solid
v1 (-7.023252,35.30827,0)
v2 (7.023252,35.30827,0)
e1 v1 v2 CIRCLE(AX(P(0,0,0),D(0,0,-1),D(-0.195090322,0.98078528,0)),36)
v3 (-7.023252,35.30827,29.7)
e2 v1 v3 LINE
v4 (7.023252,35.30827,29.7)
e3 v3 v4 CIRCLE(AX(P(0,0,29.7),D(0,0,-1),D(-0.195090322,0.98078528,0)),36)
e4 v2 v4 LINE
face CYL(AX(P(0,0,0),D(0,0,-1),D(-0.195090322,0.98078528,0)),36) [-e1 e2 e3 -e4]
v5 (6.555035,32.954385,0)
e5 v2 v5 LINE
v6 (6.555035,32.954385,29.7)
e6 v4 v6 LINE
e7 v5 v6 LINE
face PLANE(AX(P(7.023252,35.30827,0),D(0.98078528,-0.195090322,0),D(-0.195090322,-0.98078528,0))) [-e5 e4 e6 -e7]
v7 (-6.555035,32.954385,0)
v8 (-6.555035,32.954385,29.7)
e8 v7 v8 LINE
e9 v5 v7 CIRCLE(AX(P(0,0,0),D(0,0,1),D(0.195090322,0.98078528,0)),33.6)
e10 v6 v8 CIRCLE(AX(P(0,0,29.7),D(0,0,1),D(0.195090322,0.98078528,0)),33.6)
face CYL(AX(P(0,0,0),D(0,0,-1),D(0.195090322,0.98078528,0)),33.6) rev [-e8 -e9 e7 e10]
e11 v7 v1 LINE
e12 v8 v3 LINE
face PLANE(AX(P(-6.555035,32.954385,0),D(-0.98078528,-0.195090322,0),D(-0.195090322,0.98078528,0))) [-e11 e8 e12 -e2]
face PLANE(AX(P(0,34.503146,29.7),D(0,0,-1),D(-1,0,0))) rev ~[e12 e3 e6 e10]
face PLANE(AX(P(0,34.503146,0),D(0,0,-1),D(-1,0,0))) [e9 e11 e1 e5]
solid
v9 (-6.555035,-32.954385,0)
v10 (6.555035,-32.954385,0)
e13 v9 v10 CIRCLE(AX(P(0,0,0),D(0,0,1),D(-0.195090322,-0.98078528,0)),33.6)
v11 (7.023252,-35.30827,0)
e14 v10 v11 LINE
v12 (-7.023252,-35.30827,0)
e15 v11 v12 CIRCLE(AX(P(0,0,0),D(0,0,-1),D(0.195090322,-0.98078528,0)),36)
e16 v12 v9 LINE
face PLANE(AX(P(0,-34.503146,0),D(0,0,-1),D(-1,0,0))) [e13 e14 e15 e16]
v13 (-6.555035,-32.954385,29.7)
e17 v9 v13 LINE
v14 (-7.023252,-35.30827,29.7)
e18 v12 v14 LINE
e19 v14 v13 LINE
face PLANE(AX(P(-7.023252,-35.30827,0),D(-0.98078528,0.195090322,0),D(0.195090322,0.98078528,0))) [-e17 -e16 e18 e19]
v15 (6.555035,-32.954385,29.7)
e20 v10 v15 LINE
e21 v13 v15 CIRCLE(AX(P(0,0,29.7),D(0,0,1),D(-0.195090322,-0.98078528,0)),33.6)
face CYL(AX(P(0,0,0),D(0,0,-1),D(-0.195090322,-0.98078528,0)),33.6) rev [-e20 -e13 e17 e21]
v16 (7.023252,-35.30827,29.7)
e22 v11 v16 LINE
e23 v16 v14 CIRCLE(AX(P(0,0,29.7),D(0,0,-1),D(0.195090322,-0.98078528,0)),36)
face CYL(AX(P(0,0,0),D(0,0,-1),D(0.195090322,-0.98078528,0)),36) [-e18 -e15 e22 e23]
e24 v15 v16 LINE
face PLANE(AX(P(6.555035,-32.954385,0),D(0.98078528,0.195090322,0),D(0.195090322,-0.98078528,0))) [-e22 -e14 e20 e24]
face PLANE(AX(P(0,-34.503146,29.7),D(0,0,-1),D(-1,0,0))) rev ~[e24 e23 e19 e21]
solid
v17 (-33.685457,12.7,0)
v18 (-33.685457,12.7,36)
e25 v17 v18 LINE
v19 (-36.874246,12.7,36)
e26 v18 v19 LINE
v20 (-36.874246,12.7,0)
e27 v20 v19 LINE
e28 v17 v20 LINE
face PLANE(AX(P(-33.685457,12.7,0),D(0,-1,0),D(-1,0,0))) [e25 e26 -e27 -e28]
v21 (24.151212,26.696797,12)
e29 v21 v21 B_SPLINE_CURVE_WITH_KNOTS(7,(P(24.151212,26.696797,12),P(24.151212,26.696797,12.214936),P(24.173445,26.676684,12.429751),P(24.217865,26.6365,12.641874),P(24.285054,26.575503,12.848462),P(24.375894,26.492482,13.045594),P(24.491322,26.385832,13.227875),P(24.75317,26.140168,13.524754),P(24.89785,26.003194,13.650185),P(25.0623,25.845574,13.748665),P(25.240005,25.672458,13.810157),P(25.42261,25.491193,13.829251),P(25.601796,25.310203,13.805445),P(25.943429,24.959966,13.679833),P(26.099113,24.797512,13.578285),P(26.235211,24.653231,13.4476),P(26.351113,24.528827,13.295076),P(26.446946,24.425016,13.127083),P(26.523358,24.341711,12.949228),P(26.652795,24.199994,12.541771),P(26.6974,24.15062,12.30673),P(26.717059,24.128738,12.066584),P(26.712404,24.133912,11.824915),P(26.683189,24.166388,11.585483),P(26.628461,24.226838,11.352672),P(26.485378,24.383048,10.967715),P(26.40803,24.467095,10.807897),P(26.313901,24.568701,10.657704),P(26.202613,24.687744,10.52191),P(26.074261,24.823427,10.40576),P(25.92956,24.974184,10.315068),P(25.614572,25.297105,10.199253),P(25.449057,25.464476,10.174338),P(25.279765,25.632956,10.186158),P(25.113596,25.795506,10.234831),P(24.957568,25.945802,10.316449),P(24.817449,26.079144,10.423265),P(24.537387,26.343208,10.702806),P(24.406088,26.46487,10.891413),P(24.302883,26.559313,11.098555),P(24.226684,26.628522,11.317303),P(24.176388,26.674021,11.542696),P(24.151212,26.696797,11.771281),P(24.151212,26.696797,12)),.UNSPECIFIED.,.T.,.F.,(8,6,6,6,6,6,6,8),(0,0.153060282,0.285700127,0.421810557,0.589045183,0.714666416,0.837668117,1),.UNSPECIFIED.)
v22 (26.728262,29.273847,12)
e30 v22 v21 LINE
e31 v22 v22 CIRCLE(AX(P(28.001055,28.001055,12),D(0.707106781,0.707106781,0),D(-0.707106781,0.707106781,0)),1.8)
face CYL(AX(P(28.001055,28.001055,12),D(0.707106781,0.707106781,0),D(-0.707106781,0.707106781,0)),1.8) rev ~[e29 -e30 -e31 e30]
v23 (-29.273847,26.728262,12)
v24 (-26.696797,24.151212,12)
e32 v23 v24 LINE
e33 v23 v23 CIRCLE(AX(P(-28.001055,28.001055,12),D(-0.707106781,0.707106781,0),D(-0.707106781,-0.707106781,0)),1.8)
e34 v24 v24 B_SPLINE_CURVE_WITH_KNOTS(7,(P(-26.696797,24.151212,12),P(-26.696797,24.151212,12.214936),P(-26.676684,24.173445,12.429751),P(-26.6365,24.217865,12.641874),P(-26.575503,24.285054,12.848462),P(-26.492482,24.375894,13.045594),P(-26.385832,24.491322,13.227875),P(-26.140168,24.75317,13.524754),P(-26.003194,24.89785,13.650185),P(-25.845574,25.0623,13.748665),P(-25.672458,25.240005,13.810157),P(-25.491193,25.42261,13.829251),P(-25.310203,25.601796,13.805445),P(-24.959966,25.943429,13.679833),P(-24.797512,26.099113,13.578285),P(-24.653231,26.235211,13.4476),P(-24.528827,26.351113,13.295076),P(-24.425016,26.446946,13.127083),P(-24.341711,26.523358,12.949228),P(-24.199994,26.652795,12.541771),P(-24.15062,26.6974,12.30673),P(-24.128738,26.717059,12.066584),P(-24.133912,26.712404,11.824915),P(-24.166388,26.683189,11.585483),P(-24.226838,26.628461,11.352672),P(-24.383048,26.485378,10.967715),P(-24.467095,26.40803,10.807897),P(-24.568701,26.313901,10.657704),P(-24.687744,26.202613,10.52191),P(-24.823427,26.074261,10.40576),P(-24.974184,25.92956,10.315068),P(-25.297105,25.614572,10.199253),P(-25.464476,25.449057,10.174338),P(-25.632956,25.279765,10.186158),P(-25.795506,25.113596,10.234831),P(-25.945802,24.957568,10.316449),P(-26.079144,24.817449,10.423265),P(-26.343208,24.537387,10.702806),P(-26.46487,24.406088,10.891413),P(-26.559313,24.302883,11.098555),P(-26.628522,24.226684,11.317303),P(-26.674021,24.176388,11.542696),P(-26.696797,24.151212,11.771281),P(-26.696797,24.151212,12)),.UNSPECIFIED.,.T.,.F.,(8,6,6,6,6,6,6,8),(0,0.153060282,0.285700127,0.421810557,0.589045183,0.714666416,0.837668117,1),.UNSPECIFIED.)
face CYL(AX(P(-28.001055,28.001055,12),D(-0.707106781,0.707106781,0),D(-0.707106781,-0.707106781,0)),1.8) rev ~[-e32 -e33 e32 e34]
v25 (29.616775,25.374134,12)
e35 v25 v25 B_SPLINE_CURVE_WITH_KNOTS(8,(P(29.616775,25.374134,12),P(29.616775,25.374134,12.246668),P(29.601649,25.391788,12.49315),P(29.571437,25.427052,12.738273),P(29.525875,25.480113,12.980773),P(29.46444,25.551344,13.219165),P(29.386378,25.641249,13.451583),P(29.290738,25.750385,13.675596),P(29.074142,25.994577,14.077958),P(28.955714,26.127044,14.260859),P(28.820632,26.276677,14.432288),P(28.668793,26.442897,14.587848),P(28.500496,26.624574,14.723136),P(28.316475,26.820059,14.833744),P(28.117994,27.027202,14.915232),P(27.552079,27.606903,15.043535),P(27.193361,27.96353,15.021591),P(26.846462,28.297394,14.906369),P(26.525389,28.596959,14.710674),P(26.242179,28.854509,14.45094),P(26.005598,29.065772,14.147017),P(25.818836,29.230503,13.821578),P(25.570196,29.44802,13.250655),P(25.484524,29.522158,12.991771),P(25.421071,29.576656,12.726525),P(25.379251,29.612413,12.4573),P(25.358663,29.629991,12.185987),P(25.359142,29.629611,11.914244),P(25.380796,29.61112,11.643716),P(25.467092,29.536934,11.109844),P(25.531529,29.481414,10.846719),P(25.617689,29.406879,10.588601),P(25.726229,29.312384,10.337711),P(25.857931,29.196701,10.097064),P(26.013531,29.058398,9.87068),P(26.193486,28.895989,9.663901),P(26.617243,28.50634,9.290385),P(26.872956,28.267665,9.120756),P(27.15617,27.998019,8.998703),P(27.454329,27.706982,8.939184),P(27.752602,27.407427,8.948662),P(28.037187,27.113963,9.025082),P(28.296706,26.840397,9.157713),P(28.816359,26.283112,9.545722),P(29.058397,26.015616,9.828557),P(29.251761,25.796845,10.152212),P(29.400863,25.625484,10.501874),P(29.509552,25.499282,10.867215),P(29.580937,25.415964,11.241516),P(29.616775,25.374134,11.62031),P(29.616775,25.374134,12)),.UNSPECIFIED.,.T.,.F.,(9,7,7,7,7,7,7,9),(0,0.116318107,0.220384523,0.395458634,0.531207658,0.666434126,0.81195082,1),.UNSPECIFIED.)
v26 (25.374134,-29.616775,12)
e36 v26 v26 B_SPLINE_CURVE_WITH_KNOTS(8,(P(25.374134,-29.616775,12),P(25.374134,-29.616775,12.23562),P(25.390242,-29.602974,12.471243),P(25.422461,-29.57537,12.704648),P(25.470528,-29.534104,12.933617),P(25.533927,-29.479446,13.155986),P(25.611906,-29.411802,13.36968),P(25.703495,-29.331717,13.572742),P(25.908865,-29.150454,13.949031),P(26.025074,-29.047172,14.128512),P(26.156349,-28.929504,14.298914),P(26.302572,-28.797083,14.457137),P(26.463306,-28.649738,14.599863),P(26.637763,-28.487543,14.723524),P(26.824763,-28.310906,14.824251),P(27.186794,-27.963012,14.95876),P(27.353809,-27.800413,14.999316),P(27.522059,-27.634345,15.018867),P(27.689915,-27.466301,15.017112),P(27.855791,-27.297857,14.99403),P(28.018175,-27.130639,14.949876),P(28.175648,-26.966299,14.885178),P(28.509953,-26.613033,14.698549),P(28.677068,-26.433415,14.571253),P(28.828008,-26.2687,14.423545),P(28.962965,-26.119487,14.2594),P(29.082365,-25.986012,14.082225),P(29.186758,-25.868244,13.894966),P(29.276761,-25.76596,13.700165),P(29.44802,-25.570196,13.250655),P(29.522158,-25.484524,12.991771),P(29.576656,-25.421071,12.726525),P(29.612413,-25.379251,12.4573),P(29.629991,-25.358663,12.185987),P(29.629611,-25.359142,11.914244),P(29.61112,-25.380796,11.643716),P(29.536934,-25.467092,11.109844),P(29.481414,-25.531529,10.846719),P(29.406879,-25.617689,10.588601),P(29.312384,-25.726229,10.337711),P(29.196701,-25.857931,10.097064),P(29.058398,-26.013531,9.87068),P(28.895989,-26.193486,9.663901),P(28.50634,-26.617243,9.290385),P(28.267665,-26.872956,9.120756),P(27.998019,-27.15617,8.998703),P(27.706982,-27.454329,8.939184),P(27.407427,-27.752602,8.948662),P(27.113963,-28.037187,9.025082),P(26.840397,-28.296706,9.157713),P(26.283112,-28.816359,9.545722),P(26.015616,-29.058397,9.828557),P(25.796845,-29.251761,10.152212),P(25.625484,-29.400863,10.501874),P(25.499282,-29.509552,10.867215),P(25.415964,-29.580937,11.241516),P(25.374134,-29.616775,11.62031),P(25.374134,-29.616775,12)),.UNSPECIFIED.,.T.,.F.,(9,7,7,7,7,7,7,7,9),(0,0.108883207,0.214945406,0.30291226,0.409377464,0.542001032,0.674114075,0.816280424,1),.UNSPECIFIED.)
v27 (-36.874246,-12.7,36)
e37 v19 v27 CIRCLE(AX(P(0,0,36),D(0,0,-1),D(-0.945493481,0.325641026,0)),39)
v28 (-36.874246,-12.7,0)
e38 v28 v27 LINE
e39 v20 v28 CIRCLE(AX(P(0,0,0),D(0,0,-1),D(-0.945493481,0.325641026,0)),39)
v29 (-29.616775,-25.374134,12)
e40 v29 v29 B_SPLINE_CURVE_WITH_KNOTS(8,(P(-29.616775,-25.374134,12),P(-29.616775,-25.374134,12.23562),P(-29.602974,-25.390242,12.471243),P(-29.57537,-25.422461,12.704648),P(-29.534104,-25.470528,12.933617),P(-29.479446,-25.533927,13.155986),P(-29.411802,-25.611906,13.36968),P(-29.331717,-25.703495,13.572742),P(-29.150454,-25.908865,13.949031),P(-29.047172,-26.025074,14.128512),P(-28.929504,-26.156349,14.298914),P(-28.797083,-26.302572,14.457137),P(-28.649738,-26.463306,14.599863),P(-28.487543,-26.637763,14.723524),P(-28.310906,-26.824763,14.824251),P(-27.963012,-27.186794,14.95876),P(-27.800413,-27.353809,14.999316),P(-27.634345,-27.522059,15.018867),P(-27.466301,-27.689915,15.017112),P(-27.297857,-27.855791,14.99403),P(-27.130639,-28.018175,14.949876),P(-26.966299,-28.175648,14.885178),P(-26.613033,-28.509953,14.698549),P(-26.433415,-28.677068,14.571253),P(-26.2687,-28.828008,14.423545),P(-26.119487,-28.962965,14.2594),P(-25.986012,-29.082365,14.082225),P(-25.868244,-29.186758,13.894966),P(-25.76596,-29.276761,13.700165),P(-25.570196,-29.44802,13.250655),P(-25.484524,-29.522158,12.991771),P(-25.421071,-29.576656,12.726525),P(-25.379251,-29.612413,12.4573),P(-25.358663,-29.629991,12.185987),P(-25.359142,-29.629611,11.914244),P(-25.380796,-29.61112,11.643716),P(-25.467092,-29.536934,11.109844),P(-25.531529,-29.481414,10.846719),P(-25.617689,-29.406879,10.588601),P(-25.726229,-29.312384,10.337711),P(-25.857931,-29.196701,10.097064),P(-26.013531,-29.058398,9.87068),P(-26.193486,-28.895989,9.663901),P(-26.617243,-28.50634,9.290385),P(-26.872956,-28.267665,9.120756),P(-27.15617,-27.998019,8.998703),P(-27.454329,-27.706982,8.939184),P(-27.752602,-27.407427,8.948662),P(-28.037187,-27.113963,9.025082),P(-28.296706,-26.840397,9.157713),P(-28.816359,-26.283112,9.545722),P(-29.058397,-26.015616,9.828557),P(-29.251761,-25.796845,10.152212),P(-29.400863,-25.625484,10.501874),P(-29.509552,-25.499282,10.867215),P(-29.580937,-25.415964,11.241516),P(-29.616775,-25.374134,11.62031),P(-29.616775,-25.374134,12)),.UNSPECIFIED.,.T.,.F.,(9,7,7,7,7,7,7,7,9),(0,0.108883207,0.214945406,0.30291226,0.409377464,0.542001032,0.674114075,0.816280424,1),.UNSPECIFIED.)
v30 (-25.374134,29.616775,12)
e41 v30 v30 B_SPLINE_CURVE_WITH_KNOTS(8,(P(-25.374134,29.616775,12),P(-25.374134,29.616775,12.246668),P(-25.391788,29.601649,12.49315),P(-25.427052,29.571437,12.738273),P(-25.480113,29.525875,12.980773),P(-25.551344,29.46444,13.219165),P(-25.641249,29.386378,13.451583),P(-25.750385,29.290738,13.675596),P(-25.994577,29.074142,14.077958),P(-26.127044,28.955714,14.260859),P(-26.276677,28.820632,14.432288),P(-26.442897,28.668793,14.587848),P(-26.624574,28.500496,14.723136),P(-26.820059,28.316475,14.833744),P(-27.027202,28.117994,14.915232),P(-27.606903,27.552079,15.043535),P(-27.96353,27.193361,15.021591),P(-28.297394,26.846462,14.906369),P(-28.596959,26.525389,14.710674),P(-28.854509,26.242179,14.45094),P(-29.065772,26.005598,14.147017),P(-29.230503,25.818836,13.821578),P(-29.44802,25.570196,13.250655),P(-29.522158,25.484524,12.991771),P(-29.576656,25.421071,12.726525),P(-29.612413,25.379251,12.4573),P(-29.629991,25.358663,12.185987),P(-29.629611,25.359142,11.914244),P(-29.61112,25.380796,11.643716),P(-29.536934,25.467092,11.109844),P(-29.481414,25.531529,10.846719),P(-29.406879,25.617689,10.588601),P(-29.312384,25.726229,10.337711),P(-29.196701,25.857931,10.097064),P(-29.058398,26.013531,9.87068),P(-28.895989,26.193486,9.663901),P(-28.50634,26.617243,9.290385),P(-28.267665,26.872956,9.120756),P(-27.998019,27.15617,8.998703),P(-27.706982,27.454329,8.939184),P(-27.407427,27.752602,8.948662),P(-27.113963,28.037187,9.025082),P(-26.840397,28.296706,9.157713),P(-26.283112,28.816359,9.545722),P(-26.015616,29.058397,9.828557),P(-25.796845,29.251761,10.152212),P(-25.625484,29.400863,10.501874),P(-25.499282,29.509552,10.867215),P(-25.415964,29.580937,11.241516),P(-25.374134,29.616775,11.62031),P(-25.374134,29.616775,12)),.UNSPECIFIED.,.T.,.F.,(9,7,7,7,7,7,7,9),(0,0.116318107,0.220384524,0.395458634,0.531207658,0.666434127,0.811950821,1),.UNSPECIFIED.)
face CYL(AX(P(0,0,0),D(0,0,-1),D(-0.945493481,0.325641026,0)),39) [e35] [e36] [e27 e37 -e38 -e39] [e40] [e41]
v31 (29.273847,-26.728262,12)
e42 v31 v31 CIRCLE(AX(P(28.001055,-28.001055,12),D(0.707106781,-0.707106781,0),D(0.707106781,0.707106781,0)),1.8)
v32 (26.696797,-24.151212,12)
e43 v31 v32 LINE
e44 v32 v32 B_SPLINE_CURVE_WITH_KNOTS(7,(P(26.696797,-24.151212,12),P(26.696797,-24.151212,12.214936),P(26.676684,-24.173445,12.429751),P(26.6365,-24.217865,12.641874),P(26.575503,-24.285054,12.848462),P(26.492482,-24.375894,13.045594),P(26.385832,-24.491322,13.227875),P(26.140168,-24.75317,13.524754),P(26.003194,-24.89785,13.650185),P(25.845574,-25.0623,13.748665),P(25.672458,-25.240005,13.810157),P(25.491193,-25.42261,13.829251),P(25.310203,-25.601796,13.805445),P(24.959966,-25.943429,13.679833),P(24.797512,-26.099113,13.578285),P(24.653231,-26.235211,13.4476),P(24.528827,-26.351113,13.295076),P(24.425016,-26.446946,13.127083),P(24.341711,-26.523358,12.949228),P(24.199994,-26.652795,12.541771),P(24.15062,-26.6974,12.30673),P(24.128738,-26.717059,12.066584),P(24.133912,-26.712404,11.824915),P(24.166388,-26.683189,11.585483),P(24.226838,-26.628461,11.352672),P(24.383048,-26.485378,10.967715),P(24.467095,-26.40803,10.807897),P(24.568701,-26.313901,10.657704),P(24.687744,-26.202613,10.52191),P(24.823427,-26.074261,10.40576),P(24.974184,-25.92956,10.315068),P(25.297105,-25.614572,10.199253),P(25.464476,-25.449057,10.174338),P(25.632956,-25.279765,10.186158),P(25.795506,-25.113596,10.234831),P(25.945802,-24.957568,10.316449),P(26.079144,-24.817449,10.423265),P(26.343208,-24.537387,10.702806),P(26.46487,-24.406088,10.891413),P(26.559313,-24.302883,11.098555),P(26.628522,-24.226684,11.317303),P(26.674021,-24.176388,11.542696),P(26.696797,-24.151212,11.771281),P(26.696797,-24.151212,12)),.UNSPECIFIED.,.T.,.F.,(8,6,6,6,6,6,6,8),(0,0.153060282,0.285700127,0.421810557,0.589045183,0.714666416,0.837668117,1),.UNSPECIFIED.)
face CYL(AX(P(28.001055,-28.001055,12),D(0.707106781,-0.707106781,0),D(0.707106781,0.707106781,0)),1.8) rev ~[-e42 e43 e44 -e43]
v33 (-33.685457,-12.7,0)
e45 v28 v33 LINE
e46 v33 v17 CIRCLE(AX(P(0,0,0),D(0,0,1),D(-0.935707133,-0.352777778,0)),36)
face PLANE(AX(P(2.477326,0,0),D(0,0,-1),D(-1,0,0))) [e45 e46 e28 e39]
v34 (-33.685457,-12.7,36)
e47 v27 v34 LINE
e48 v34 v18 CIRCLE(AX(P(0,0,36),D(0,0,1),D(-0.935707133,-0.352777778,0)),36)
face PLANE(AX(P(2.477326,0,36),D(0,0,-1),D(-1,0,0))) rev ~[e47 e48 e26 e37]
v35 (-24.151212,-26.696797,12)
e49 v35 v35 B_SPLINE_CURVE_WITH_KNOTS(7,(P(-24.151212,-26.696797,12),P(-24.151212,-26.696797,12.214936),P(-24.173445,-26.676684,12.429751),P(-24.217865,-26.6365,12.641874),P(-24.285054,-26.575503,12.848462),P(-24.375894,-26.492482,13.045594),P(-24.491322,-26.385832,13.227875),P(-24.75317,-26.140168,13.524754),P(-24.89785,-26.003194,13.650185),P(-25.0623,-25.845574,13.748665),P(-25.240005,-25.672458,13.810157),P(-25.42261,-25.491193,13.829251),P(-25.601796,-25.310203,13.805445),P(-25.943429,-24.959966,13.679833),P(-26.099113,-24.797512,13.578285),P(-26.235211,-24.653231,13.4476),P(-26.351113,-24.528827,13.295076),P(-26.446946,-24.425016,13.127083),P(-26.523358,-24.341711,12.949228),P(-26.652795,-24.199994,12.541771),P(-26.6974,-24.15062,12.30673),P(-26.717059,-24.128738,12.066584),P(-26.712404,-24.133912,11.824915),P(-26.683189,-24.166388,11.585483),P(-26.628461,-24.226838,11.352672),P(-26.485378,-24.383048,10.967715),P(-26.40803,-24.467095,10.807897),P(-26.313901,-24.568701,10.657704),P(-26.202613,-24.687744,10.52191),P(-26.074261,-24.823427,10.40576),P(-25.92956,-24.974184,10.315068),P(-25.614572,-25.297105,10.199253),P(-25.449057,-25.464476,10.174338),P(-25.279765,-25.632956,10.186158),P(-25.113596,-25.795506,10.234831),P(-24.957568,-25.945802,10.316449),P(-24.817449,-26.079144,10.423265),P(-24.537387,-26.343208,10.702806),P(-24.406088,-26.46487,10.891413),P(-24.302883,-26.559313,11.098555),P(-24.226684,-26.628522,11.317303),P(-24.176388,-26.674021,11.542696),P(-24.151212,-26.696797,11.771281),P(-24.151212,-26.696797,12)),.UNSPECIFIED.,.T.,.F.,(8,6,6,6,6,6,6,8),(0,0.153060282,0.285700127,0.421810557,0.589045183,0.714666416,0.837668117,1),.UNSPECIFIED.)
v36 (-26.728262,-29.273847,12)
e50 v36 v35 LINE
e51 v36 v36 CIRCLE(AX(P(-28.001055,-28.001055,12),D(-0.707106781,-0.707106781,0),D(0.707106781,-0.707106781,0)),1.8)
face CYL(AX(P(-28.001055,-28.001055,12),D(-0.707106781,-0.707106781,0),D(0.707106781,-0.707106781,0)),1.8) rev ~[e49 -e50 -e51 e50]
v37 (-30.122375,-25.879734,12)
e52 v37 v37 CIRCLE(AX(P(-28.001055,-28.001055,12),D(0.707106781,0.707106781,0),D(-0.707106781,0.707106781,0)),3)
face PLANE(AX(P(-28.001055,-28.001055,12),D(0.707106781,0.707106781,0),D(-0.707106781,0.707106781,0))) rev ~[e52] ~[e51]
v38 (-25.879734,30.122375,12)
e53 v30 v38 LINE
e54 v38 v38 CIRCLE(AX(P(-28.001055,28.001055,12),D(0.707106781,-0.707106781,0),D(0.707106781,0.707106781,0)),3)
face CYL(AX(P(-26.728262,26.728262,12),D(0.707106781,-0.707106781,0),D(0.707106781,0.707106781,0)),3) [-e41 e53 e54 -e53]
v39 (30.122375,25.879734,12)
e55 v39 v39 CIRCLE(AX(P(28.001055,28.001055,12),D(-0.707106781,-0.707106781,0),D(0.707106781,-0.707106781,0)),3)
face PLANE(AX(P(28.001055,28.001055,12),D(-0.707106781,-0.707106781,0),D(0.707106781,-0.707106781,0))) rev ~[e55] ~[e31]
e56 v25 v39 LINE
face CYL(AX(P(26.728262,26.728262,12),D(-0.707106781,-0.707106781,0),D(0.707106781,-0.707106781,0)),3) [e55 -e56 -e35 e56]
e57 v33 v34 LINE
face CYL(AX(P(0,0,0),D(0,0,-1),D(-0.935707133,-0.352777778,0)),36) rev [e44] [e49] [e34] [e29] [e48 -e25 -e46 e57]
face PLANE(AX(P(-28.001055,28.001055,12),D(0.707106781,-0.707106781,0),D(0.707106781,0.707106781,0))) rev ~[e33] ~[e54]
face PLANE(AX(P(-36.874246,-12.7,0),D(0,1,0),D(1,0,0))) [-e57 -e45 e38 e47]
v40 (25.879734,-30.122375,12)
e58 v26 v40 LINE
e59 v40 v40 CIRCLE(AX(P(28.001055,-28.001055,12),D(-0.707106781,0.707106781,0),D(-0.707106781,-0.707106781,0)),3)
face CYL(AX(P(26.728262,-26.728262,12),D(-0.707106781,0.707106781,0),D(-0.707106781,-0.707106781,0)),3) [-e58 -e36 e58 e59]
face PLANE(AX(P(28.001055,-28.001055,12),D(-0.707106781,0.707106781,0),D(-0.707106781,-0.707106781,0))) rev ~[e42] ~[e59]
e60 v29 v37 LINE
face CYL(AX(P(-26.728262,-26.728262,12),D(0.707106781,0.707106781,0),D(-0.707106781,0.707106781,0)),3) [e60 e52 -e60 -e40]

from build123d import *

# Parameters (mm, degrees)
BOSS_EXTRUDE1_DEPTH     = 36
BOSS_EXTRUDE2_DEPTH     = 29.7
BOSS_EXTRUDE2_2_DEPTH   = 29.7
SKETCH3_R               = 3
BOSS_EXTRUDE3_DEPTH     = 1.8
CUT_EXTRUDE1_REACH      = 103.362
CUT_EXTRUDE1_END_RADIUS = 36
SKETCH4_R               = 1.8
CIRPATTERN1_COUNT       = 4


with BuildPart() as part:
    # Sketch1 → Boss-Extrude1 (new body)
    with BuildSketch(Plane.XY):
        with BuildLine():
            Line((-33.685456803, 12.7), (-36.874245755, 12.7))
            ThreePointArc((-36.874245755, 12.7), (39, 0), (-36.874245755, -12.7))
            Line((-36.874245755, -12.7), (-33.685456803, -12.7))
            ThreePointArc((-33.685456803, -12.7), (36, 0), (-33.685456803, 12.7))
        make_face()
    extrude(amount=BOSS_EXTRUDE1_DEPTH)

    # Sketch3 → Boss-Extrude3 (add)
    with BuildSketch(Plane(origin=(-26.728262307, 26.728262307, 0), x_dir=(0, 0, -1), z_dir=(0.7071067811865464, -0.7071067811865488, 0))):
        with Locations(Location((-12, 0, 0), (0, 0, 90))):
            Circle(SKETCH3_R)
    boss_extrude3 = extrude(amount=-BOSS_EXTRUDE3_DEPTH)

    # Cut-Extrude1: up to this cylinder (the profile starts outside it)
    cut_extrude1_end = Plane(origin=(0, 0, 12), z_dir=(0, 0, -1)) * Cylinder(CUT_EXTRUDE1_END_RADIUS, 279.724, mode=Mode.PRIVATE)
    # Sketch4 → Cut-Extrude1 (cut, up to the surface)
    with BuildSketch(Plane(origin=(-28.001054513, 28.001054513, 0), x_dir=(0, 0, 1), z_dir=(-0.7071067811865465, 0.7071067811865487, 0)), mode=Mode.PRIVATE) as cut_extrude1_sk1:
        with Locations(Location((12, 0, 0), (0, 0, 270))):
            Circle(SKETCH4_R)
    cut_extrude1_tool1 = extrude(cut_extrude1_sk1.sketch, amount=-CUT_EXTRUDE1_REACH, mode=Mode.PRIVATE) - cut_extrude1_end
    cut_extrude1 = cut_extrude1_tool1.solids().sort_by_distance((-28.001055, 28.001055, 12))[0]
    add(cut_extrude1, mode=Mode.SUBTRACT)

    # CirPattern1: Boss-Extrude3, Cut-Extrude1 ×4 about axis
    cirpattern1_axis = Axis((0, 0, 0), (0, 0, 1))
    add([boss_extrude3.rotate(cirpattern1_axis, i * 360 / CIRPATTERN1_COUNT) for i in range(1, CIRPATTERN1_COUNT)])
    add([cut_extrude1.rotate(cirpattern1_axis, i * 360 / CIRPATTERN1_COUNT) for i in range(1, CIRPATTERN1_COUNT)], mode=Mode.SUBTRACT)


with BuildPart() as body_2:
    # Sketch2 → Boss-Extrude2 (new body)
    with BuildSketch(Plane(origin=(0, 0, 0), x_dir=(-1, 0, 0), z_dir=(0, 0, -1))):
        with BuildLine():
            Line((-7.023251593, 35.308270095), (-6.55503482, 32.954385422))
            ThreePointArc((-6.55503482, 32.954385422), (0, 33.6), (6.55503482, 32.954385422))
            Line((6.55503482, 32.954385422), (7.023251593, 35.308270095))
            ThreePointArc((7.023251593, 35.308270095), (0, 36), (-7.023251593, 35.308270095))
        make_face()
    extrude(amount=-BOSS_EXTRUDE2_DEPTH)


with BuildPart() as body_3:
    # Sketch2 → Boss-Extrude2 2 (new body)
    with BuildSketch(Plane(origin=(0, 0, 0), x_dir=(-1, 0, 0), z_dir=(0, 0, -1))):
        with BuildLine():
            Line((7.023251593, -35.308270095), (6.55503482, -32.954385422))
            ThreePointArc((6.55503482, -32.954385422), (0, -33.6), (-6.55503482, -32.954385422))
            Line((-6.55503482, -32.954385422), (-7.023251593, -35.308270095))
            ThreePointArc((-7.023251593, -35.308270095), (0, -36), (7.023251593, -35.308270095))
        make_face()
    extrude(amount=-BOSS_EXTRUDE2_2_DEPTH)


solid = Compound([part.part, body_2.part, body_3.part])
